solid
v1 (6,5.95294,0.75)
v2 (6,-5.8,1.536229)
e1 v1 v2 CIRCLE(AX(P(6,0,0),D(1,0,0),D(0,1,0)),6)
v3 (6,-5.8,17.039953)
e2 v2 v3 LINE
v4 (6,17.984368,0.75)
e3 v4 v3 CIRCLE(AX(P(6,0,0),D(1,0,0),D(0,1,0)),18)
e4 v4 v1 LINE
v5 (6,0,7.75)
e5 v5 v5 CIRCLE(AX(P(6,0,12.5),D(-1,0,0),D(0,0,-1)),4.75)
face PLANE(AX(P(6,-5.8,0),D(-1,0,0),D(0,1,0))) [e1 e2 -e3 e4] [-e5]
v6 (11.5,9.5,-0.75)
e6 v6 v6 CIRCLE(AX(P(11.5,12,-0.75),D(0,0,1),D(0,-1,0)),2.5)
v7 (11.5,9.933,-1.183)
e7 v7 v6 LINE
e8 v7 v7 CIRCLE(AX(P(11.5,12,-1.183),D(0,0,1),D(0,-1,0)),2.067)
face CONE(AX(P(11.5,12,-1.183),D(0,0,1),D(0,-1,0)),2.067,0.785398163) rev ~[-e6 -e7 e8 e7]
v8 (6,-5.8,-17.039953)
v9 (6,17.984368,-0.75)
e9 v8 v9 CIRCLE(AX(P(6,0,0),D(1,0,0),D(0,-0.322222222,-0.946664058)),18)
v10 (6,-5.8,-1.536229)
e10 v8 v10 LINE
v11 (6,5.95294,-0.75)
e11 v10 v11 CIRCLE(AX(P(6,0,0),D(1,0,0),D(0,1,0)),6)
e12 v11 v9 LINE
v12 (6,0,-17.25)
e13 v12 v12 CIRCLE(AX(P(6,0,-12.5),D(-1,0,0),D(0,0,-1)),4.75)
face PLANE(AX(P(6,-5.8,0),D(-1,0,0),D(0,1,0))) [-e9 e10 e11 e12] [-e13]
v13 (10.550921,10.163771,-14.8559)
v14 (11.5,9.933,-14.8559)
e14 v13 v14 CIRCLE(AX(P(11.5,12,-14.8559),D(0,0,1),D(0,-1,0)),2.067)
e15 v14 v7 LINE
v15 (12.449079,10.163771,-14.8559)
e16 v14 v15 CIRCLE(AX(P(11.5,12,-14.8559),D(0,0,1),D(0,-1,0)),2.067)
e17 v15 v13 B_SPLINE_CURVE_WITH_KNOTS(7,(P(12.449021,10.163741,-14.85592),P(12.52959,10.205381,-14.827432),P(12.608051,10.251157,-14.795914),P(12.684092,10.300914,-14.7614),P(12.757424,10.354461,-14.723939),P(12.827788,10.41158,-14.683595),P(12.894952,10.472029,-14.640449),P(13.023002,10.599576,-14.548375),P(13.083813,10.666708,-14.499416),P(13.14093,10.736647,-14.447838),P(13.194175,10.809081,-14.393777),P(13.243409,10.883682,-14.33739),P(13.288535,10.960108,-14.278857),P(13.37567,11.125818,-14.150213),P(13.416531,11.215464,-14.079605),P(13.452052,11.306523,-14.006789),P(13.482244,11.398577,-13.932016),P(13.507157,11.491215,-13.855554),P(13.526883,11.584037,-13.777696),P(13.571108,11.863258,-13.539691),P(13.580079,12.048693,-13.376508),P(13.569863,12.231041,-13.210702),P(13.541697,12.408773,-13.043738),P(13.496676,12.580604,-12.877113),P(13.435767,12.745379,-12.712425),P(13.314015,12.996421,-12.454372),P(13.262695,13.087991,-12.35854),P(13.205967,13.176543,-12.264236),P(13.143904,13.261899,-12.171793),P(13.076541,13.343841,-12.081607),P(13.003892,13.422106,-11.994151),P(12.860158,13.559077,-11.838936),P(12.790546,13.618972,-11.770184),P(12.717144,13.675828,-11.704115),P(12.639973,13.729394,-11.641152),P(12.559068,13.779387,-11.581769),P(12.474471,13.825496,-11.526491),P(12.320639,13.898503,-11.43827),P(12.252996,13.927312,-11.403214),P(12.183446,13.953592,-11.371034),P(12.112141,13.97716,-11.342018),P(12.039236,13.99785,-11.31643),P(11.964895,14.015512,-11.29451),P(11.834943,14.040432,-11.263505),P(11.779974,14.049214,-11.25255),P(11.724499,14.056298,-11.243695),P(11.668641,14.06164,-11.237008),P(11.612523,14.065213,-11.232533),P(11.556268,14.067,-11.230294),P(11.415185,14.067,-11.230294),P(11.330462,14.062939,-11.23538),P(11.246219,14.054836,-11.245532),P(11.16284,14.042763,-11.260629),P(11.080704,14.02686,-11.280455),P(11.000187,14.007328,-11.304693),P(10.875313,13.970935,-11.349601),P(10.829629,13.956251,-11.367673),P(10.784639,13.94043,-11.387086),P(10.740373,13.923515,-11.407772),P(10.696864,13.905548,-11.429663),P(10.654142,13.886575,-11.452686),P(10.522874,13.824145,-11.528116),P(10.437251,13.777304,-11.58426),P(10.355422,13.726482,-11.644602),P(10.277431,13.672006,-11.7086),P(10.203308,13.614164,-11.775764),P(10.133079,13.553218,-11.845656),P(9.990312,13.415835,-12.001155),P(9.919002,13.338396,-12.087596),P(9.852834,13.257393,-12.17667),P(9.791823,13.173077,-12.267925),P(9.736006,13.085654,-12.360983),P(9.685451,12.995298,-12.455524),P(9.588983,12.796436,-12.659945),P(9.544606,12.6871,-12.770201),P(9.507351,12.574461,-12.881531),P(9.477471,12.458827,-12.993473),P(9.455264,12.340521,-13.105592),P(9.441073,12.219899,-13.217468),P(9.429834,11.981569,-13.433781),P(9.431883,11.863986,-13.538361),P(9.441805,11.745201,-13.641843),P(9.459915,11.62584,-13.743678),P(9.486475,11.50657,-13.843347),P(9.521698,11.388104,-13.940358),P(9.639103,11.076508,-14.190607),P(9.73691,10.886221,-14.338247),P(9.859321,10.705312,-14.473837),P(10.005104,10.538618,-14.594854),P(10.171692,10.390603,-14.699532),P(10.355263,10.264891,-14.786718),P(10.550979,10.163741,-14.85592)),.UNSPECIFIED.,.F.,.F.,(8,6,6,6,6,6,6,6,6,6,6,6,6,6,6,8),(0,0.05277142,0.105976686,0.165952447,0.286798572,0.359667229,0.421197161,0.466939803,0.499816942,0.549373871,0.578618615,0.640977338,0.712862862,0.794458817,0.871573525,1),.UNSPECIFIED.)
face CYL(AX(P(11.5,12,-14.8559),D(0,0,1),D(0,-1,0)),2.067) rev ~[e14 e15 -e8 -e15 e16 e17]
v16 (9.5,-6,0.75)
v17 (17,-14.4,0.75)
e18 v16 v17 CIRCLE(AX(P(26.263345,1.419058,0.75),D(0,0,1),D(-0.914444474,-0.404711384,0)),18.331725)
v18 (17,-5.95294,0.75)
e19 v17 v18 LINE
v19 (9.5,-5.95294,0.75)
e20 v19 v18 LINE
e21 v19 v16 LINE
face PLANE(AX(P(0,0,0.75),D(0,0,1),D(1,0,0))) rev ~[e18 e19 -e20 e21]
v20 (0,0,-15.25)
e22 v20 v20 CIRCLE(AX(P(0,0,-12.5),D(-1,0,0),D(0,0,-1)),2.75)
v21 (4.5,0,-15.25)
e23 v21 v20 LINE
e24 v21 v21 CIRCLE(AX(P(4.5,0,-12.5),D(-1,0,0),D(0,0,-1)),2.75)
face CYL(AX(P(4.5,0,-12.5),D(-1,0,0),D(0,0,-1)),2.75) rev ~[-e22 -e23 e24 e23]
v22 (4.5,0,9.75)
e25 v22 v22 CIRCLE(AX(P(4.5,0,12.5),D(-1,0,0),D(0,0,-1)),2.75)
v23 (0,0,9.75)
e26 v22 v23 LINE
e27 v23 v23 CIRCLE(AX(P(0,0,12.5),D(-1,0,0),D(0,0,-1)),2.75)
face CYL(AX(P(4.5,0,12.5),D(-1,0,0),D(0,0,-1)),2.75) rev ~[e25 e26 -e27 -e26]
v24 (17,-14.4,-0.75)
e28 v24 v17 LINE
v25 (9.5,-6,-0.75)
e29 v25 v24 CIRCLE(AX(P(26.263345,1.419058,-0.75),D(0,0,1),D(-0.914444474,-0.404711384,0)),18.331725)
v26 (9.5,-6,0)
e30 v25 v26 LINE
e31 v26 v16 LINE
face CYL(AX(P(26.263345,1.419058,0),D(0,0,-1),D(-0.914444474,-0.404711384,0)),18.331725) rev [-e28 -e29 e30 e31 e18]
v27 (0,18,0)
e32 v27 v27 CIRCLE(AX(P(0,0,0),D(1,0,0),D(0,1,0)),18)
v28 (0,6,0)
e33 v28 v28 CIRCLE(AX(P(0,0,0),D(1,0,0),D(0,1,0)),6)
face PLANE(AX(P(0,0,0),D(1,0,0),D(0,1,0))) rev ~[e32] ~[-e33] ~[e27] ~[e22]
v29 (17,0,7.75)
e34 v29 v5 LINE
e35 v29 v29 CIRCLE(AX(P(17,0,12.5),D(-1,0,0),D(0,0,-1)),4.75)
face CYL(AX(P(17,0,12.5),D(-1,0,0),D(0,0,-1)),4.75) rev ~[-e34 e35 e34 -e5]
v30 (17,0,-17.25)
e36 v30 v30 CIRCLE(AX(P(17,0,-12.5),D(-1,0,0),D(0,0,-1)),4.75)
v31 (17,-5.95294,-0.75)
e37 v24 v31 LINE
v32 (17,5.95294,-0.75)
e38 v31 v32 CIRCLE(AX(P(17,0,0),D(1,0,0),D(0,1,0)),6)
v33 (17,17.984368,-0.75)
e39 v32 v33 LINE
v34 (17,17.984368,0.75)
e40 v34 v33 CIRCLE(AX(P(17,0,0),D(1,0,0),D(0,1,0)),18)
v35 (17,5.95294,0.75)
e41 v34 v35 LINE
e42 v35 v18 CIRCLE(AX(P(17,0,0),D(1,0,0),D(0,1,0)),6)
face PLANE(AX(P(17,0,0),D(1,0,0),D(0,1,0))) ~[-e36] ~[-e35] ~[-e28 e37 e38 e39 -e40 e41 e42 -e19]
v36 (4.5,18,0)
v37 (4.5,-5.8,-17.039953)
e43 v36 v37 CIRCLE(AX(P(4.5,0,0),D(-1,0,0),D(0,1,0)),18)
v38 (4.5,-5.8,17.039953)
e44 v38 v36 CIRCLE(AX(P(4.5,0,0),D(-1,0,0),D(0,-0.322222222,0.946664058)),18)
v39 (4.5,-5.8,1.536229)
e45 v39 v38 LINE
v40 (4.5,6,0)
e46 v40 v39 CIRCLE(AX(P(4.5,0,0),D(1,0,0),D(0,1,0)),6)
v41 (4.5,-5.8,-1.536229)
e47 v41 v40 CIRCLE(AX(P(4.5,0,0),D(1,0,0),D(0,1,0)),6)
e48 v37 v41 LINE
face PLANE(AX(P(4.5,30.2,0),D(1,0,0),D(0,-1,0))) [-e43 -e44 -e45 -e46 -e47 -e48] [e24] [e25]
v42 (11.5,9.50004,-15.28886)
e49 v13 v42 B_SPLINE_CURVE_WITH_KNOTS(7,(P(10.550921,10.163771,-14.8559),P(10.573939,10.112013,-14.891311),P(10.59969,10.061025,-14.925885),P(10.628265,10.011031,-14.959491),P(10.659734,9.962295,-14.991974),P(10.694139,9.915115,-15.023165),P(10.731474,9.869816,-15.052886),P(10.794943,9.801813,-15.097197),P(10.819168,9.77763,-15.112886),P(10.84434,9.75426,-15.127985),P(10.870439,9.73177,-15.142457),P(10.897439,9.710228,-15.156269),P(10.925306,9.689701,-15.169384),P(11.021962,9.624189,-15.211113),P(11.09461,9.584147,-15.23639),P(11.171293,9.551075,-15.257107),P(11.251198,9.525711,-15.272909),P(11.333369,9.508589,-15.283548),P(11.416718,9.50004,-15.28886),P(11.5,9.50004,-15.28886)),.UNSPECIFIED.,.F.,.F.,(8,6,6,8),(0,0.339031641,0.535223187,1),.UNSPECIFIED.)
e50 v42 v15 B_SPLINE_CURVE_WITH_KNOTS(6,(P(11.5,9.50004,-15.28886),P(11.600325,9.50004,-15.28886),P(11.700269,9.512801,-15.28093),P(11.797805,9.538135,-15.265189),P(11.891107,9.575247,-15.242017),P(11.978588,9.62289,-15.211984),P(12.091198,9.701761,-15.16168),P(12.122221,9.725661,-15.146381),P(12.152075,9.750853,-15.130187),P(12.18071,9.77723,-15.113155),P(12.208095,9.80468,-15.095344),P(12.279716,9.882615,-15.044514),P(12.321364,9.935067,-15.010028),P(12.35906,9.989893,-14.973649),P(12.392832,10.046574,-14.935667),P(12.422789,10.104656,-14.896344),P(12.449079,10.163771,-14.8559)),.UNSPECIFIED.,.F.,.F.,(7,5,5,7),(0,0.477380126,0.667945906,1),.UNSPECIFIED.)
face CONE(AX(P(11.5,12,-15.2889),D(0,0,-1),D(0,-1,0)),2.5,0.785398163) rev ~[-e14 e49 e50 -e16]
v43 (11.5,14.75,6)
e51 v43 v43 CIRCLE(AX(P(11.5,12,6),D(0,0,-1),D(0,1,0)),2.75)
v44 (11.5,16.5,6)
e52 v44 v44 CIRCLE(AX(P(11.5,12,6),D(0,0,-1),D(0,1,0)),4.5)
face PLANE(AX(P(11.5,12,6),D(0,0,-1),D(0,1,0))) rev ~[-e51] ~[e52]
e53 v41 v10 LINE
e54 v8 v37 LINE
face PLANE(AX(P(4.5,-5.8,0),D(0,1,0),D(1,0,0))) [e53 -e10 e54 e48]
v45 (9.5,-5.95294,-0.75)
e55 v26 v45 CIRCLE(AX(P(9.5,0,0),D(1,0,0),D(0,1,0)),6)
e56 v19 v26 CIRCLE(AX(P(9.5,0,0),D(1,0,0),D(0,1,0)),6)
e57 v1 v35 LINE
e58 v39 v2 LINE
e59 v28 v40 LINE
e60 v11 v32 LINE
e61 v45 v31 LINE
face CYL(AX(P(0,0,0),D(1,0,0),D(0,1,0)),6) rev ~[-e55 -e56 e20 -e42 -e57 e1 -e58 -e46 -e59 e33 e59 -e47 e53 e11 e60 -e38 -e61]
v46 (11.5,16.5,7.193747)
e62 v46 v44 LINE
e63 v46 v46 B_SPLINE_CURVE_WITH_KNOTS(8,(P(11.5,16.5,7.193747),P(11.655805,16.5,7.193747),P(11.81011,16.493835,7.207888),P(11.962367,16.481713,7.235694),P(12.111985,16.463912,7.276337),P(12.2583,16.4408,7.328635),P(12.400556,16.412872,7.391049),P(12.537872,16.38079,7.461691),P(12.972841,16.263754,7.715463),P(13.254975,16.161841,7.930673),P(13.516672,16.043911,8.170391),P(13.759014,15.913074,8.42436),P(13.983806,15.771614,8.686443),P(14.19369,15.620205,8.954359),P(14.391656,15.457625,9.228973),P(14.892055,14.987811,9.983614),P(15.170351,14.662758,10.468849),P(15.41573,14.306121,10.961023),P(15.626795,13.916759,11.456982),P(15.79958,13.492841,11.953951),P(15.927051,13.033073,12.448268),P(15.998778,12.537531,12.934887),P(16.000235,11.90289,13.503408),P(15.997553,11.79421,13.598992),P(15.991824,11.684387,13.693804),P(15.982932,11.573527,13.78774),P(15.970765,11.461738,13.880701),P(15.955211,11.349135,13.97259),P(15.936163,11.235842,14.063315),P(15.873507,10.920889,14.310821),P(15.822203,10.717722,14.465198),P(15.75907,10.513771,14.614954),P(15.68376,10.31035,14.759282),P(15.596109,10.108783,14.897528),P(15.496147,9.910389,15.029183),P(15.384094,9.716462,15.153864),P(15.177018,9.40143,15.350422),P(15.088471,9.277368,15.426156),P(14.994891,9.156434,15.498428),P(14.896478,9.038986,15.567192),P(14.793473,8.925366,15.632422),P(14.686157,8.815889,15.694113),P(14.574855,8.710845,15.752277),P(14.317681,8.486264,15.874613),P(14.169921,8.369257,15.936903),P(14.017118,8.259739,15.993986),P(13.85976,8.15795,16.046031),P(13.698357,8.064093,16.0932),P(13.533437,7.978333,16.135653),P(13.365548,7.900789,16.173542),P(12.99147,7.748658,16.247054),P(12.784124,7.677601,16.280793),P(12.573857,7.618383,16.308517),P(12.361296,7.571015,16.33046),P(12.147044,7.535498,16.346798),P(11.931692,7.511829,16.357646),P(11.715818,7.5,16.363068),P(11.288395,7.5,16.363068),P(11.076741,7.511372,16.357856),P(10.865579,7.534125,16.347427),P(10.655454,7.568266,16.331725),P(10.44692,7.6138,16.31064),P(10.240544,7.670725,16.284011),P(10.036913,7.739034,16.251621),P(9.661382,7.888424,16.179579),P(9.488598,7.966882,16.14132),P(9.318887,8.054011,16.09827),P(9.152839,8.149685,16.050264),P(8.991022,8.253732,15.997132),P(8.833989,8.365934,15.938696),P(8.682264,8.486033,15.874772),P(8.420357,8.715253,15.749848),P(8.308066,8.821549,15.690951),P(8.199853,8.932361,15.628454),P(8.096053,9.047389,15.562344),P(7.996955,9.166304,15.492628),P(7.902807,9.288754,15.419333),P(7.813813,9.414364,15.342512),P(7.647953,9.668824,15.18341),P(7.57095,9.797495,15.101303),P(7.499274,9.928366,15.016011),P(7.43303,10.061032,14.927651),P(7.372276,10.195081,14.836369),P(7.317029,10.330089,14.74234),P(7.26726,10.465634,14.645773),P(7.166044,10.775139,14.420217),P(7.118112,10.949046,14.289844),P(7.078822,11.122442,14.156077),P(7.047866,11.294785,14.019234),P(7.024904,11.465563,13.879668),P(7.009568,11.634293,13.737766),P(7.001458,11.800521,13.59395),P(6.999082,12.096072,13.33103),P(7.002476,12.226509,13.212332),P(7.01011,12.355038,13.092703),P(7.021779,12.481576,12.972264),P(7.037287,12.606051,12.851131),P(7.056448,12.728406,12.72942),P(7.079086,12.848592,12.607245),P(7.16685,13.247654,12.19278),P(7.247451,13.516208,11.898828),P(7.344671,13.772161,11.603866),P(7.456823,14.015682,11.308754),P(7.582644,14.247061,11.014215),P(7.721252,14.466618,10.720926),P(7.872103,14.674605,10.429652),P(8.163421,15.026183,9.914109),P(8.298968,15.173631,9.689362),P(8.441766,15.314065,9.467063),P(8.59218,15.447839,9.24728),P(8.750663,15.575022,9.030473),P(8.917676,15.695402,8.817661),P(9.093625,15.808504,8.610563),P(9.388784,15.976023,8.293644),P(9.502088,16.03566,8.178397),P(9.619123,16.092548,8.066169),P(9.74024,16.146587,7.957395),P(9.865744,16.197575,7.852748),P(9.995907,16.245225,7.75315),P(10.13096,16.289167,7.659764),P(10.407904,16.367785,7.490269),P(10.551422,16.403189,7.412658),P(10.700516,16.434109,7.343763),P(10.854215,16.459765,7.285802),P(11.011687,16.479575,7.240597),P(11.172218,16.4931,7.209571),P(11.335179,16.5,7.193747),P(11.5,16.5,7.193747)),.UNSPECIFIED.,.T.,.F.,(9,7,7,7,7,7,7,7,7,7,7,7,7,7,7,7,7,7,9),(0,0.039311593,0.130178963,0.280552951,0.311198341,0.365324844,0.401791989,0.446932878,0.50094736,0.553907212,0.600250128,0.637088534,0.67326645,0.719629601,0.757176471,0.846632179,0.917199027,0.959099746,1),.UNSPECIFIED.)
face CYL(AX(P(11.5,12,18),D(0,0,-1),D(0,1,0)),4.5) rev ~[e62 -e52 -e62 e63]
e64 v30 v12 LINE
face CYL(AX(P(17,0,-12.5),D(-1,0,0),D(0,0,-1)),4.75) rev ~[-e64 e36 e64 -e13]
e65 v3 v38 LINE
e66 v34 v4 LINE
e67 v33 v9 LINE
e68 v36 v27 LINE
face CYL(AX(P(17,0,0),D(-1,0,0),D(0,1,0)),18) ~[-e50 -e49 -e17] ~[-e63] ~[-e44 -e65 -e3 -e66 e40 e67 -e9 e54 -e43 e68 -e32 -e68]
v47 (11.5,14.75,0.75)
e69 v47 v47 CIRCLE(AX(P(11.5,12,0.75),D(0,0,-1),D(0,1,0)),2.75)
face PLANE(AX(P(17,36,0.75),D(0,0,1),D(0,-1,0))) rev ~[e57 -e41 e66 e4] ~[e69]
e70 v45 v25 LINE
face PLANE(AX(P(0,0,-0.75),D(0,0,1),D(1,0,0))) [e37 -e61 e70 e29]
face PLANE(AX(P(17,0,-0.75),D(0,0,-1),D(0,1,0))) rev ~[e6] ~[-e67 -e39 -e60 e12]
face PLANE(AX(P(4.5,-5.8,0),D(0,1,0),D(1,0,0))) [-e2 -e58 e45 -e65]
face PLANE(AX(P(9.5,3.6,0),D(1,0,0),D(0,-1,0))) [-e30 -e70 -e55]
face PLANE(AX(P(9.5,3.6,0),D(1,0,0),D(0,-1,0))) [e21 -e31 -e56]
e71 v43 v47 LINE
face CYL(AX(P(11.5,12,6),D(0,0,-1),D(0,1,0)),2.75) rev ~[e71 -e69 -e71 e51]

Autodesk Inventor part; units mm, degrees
sketch "Sketch_1" plane through (0, 0, 0) normal (0, 0, 1) x (1, 0, 0)
  line L0 (17, 0) -> (0, 0)
  line L1 (0, 18) -> (0, 6)
  line L2 (0, 6) -> (17, 6)
  line L3 (17, 6) -> (17, 18)
  line L4 (17, 18) -> (0, 18)
revolve "Revolution1" add sketch "Sketch_1" angle 360 about axis through (17, 0, 0) along (1, 0, 0)
sketch "Sketch_2" plane through (0, 0, 0) normal (0, 0, 1) x (1, 0, 0)
  line L0 (4.5, -5.8) -> (6, -5.8)
  line L1 (6, -5.8) -> (6, 30.2)
  line L2 (6, 30.2) -> (4.5, 30.2)
  line L3 (4.5, 30.2) -> (4.5, -5.8)
extrude "Extrusion1" cut sketch "Sketch_2" along normal mid plane 36
sketch "Sketch3" plane through (17, 0, 0) normal (1, 0, 0) x (0, 0, -1)
  point P0 (-12.5, 0)
hole "Hole1" at (17, 0, 12.5) direction (-1, 0, 0) diameter 5.5 depth 17 counterbore diameter 9.5 counterbore depth 12.5
sketch "Sketch4" plane through (17, 0, 0) normal (1, 0, 0) x (0, 0, -1)
  point P0 (12.5, 0)
hole "Hole2" at (17, 0, -12.5) direction (-1, 0, 0) diameter 5.5 depth 17 counterbore diameter 9.5 counterbore depth 12.5
sketch "Sketch_5" plane through (17, 0, 0) normal (1, 0, 0) x (0, 0, -1)
  line L0 (-0.75, 0) -> (0.75, 0)
  line L1 (0.75, 0) -> (0.75, 36)
  line L2 (0.75, 36) -> (-0.75, 36)
  line L3 (-0.75, 36) -> (-0.75, 0)
extrude "Extrusion2" cut sketch "Sketch_5" against normal blind 11
sketch "Sketch_6" plane through (0, 0, 0) normal (0, 0, 1) x (1, 0, 0)
  arc A0 (9.5, -6) -> (17, -14.4) centre (26.2631, 1.4189) ccw
  line L0 (17, -14.4) -> (17, 3.6)
  line L1 (17, 3.6) -> (9.5, 3.6)
  line L2 (9.5, 3.6) -> (9.5, -6)
extrude "Extrusion3" cut sketch "Sketch_6" along normal mid plane 1.5
sketch "Sketch_4" plane through (11.5, 0, 0) normal (1, 0, 0) x (0, 0, -1)
  line L0 (0, 12) -> (-18, 12)
  line L1 (-18, 12) -> (-18, 16.5)
  line L2 (-18, 16.5) -> (-6, 16.5)
  line L3 (-6, 16.5) -> (-6, 14.75)
  line L4 (-6, 14.75) -> (0, 14.75)
  line L5 (0, 14.75) -> (0, 12)
  line L6 (0, 12) -> (-18, 12)
revolve "Revolution2" cut sketch "Sketch_4" angle 360 about axis through (11.5, 12, 0) along (0, 0, -1)
sketch "Sketch_7" plane through (11.5, 0, 0) normal (1, 0, 0) x (0, 0, -1)
  line L0 (0.75, 12) -> (15.2889, 12)
  line L1 (15.2889, 12) -> (15.2889, 9.5)
  line L2 (15.2889, 9.5) -> (14.8559, 9.933)
  line L3 (14.8559, 9.933) -> (1.183, 9.933)
  line L4 (1.183, 9.933) -> (0.75, 9.5)
  line L5 (0.75, 9.5) -> (0.75, 12)
  line L6 (0.75, 12) -> (15.2889, 12)
revolve "Revolution3" cut sketch "Sketch_7" angle 360 about axis through (11.5, 12, -0.75) along (0, 0, 1)
thread "Thread1" size "M5x0.8" class "6H" standard "ISO Metric profile" length 13.6729
ref_plane "b_s_XY" through (11.5, 12, 6) normal (0, 0, 1) x (1, 0, 0)
ref_plane "b_s_YZ" through (11.5, 12, 6) normal (1, 0, 0) x (0, 1, 0)
ref_plane "b_s_ZX" through (11.5, 12, 6) normal (0, 1, 0) x (0, 0, 1)
properties part number "SSTHMR12b"
